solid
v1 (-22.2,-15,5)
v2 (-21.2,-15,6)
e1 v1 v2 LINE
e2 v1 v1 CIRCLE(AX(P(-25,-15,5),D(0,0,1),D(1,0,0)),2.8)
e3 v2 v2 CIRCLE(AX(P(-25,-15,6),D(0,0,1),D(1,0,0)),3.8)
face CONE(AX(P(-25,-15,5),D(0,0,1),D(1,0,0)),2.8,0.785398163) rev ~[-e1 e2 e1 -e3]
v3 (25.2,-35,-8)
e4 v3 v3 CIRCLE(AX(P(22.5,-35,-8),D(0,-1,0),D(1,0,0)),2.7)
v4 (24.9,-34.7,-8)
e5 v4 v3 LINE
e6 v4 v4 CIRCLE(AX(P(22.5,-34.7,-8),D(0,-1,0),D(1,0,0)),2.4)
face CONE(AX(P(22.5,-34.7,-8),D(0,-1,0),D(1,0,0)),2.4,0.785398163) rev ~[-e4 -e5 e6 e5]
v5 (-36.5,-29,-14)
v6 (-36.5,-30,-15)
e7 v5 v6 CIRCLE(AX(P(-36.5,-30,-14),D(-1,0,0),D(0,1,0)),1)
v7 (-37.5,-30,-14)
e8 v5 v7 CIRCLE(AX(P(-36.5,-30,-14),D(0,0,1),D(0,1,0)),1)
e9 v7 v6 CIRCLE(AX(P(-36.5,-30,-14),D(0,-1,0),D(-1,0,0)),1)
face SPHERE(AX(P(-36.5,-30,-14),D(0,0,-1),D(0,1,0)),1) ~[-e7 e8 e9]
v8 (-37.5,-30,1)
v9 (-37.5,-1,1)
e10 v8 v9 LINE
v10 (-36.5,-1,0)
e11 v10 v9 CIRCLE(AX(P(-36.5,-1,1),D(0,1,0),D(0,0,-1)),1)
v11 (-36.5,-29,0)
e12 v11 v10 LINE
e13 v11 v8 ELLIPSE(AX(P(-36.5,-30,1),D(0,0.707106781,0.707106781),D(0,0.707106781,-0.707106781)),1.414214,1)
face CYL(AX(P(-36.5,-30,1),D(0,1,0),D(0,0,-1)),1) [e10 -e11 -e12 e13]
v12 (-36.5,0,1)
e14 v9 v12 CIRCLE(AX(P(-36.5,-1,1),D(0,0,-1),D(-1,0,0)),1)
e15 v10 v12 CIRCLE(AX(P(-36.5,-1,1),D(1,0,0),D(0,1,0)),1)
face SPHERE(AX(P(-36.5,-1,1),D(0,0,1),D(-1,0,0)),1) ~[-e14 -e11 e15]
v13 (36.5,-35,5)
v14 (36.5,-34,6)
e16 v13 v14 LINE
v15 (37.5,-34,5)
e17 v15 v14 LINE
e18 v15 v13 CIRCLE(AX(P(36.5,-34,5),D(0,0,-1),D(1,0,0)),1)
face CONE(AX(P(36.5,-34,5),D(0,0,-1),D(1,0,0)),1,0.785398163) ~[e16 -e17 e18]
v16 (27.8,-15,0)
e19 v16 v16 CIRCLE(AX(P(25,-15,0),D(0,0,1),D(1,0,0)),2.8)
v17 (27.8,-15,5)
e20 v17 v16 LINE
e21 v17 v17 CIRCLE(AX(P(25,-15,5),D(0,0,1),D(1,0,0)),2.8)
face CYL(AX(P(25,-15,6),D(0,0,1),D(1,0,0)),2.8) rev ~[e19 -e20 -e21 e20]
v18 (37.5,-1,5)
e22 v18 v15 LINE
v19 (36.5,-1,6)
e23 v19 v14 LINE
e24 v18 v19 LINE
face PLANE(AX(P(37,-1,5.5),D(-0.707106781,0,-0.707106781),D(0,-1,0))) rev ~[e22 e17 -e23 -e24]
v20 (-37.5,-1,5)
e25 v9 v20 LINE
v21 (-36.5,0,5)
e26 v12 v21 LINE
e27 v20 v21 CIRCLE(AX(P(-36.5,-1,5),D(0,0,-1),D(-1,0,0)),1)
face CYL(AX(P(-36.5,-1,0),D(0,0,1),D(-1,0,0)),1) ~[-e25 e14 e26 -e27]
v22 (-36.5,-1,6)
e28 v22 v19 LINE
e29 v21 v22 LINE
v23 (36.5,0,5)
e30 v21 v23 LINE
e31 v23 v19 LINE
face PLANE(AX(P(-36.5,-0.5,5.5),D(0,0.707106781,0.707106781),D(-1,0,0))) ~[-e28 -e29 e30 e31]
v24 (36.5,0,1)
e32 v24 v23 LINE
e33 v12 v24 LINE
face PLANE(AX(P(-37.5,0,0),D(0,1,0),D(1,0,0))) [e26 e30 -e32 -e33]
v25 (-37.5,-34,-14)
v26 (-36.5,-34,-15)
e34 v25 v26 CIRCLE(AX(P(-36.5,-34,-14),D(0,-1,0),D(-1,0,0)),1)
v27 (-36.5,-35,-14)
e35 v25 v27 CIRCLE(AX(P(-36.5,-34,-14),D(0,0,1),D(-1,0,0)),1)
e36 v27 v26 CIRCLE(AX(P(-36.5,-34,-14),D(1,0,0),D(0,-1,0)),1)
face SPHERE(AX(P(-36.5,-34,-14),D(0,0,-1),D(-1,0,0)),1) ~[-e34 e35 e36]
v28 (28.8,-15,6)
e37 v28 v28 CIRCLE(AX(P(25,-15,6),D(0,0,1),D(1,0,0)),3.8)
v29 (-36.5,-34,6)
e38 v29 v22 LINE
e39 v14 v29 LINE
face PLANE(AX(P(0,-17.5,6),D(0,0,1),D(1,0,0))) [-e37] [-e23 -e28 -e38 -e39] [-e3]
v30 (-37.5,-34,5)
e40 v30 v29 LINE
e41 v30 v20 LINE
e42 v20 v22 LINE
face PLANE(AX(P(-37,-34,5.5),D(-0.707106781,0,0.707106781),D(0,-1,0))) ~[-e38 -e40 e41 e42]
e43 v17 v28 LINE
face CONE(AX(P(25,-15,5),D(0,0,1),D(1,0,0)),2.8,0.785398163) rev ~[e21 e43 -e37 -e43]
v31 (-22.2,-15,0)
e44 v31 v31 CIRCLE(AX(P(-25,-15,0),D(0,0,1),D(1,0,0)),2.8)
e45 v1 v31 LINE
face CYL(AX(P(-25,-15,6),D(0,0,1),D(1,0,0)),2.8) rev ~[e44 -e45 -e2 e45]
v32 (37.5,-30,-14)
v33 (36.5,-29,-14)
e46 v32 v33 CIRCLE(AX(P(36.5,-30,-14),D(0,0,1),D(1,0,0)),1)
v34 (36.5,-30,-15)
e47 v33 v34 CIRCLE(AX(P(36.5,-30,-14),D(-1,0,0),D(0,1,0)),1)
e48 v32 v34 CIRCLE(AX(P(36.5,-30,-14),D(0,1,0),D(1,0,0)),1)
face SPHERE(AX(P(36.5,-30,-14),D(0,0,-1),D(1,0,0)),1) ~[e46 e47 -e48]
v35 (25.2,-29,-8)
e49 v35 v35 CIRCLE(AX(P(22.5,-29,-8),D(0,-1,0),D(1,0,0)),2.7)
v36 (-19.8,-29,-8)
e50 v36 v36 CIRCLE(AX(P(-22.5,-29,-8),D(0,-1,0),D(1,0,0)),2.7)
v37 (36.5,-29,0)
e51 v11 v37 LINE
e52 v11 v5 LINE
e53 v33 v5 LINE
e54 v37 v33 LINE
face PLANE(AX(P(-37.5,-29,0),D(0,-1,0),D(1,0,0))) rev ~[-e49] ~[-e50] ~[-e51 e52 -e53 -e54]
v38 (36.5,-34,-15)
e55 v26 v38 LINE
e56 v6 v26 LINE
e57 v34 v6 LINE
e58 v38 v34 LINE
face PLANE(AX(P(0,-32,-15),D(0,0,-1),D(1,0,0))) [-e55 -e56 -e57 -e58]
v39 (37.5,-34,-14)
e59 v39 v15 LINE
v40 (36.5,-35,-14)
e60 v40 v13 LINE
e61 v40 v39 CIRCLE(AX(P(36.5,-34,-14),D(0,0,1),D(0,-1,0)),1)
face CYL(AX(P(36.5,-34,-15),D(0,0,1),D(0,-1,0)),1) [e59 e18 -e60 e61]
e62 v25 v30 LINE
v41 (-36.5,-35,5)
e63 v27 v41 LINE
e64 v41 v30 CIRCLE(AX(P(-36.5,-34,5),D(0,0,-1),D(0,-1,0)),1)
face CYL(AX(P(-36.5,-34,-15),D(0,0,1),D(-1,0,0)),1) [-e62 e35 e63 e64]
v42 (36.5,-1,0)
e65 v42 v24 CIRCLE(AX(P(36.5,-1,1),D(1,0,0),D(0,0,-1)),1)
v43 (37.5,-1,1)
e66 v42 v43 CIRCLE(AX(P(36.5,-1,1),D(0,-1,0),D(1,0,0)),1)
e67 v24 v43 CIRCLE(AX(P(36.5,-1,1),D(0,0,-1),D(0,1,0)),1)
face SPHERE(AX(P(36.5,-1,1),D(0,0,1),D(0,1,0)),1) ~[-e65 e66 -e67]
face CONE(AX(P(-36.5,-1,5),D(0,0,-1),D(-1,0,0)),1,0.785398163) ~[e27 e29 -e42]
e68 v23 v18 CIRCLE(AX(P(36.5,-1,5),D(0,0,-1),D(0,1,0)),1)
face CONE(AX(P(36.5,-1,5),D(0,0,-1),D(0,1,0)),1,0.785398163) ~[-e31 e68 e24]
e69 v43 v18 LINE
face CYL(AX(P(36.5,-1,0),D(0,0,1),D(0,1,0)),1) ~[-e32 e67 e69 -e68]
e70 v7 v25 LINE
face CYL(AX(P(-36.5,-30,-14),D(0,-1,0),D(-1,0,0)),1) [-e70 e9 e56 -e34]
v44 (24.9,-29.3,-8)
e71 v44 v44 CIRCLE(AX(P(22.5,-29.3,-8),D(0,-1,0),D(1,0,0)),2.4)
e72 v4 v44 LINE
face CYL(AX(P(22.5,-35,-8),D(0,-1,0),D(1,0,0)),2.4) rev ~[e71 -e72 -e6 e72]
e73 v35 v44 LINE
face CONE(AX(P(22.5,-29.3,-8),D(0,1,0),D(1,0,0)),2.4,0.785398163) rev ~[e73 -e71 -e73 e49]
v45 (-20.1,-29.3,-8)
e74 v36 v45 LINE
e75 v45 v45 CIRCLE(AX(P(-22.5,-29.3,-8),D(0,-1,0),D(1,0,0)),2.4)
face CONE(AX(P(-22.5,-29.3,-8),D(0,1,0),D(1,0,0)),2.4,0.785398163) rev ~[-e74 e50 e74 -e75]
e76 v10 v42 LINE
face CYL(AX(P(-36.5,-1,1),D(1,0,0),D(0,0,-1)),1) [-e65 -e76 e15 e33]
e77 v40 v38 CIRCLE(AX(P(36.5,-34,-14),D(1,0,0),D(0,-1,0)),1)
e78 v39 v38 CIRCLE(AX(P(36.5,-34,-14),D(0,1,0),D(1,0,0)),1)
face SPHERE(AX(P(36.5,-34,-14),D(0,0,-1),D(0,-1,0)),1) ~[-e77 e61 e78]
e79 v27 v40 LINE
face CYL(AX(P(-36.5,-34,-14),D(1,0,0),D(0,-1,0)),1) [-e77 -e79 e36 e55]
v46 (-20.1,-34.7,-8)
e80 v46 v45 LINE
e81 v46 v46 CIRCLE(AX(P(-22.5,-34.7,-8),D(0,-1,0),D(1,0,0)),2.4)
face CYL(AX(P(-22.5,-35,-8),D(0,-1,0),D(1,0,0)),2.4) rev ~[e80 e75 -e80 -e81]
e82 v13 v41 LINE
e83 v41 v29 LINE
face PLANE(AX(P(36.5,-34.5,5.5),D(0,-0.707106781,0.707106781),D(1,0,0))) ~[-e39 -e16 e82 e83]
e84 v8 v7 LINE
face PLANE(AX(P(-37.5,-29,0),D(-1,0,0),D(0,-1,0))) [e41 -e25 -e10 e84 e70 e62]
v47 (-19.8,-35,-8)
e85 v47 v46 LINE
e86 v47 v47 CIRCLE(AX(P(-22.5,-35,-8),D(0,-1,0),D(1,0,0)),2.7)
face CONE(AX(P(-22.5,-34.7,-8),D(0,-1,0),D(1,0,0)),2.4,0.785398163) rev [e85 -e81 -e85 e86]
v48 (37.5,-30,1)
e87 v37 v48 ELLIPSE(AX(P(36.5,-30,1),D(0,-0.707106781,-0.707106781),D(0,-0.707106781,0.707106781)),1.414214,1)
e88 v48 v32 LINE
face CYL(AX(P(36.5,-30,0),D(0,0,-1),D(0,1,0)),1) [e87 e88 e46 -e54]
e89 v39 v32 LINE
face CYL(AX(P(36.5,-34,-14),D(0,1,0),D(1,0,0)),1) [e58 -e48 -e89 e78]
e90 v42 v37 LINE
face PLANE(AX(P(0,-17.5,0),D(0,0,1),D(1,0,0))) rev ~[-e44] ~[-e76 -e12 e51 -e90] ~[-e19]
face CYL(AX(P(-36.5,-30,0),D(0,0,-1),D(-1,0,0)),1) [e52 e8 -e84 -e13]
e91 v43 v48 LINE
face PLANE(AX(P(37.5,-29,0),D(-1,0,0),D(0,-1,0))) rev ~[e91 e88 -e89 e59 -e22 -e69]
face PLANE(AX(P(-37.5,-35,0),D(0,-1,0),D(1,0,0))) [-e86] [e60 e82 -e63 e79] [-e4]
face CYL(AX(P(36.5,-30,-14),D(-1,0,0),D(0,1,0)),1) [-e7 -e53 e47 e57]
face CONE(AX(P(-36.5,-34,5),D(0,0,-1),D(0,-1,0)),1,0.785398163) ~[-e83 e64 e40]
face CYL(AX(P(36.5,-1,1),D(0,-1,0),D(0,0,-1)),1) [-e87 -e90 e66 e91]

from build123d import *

# Parameters (mm, degrees)
SKETCH_W        = 75
SKETCH_H        = 35
PAD_DEPTH       = 6
SKETCH001_W     = 75
SKETCH001_H     = 6
PAD001_DEPTH    = 15
SKETCH002_R     = 2.8
POCKET_DEPTH    = 21.001
SKETCH003_R     = 2.4
POCKET001_DEPTH = 35.001
FILLET_R        = 1
CHAMFER_SIZE    = 0.3
CHAMFER001_SIZE = 1
FILLET001_R     = 1
FILLET002_R     = 1


with BuildPart() as part:
    # Sketch → Pad (new body)
    with BuildSketch(Plane.XY):
        with Locations((0, -17.5)):
            Rectangle(SKETCH_W, SKETCH_H)
    extrude(amount=PAD_DEPTH)

    # Sketch001 (on Face5 of Pad) → Pad001 (join)
    with BuildSketch(Plane(origin=(0, 0, 0), x_dir=(1, 0, 0), z_dir=(0, 0, -1))):
        with Locations((0, 32)):
            Rectangle(SKETCH001_W, SKETCH001_H)
    extrude(amount=PAD001_DEPTH)

    # Sketch002 (on Face6 of Pad001) → Pocket (cut, through all)
    with BuildSketch(Plane.XY.offset(6)):
        with Locations((-25, -15)):
            Circle(SKETCH002_R)
        with Locations((25, -15)):
            Circle(SKETCH002_R)
    extrude(amount=-POCKET_DEPTH, mode=Mode.SUBTRACT)

    # Sketch003 (on Face8 of Pocket) → Pocket001 (cut, through all)
    with BuildSketch(Plane.XZ.offset(35)):
        with Locations((-22.5, -8)):
            Circle(SKETCH003_R)
        with Locations((22.5, -8)):
            Circle(SKETCH003_R)
    extrude(amount=-POCKET001_DEPTH, mode=Mode.SUBTRACT)

    # Fillet
    fillet_edges = [part.edges().sort_by_distance(p)[0] for p in [
        (-37.5, 0, 3),
        (-37.5, -35, -7.5),
        (37.5, -35, -7.5),
        (37.5, 0, 3),
        (37.5, -29, -7.5),
        (-37.5, -29, -7.5),
    ]]
    fillet(fillet_edges, radius=FILLET_R)

    # Chamfer
    chamfer_edges = [part.edges().sort_by_distance(p)[0] for p in [
        (-24.9, -29, -8),
        (20.1, -29, -8),
        (20.1, -35, -8),
        (-24.9, -35, -8),
    ]]
    chamfer(chamfer_edges, length=CHAMFER_SIZE)

    # Chamfer001
    chamfer001_edges = [part.edges().sort_by_distance(p)[0] for p in [
        (-37.5, -17.5, 6),
        (-37.207107, -34.707107, 6),
        (0, -35, 6),
        (37.207107, -34.707107, 6),
        (37.5, -17.5, 6),
        (37.207107, -0.292893, 6),
        (0, 0, 6),
        (-37.207107, -0.292893, 6),
        (-27.8, -15, 6),
        (22.2, -15, 6),
    ]]
    chamfer(chamfer001_edges, length=CHAMFER001_SIZE)

    # Fillet001
    fillet001_edges = [part.edges().sort_by_distance(p)[0] for p in [
        (0, 0, 0),
    ]]
    fillet(fillet001_edges, radius=FILLET001_R)

    # Fillet002
    fillet002_edges = [part.edges().sort_by_distance(p)[0] for p in [
        (-37.5, -32, -15),
        (-37.207107, -29.292893, -15),
        (0, -29, -15),
        (37.207107, -29.292893, -15),
        (37.5, -32, -15),
        (37.207107, -34.707107, -15),
        (0, -35, -15),
        (-37.207107, -34.707107, -15),
    ]]
    fillet(fillet002_edges, radius=FILLET002_R)


solid = part.part
